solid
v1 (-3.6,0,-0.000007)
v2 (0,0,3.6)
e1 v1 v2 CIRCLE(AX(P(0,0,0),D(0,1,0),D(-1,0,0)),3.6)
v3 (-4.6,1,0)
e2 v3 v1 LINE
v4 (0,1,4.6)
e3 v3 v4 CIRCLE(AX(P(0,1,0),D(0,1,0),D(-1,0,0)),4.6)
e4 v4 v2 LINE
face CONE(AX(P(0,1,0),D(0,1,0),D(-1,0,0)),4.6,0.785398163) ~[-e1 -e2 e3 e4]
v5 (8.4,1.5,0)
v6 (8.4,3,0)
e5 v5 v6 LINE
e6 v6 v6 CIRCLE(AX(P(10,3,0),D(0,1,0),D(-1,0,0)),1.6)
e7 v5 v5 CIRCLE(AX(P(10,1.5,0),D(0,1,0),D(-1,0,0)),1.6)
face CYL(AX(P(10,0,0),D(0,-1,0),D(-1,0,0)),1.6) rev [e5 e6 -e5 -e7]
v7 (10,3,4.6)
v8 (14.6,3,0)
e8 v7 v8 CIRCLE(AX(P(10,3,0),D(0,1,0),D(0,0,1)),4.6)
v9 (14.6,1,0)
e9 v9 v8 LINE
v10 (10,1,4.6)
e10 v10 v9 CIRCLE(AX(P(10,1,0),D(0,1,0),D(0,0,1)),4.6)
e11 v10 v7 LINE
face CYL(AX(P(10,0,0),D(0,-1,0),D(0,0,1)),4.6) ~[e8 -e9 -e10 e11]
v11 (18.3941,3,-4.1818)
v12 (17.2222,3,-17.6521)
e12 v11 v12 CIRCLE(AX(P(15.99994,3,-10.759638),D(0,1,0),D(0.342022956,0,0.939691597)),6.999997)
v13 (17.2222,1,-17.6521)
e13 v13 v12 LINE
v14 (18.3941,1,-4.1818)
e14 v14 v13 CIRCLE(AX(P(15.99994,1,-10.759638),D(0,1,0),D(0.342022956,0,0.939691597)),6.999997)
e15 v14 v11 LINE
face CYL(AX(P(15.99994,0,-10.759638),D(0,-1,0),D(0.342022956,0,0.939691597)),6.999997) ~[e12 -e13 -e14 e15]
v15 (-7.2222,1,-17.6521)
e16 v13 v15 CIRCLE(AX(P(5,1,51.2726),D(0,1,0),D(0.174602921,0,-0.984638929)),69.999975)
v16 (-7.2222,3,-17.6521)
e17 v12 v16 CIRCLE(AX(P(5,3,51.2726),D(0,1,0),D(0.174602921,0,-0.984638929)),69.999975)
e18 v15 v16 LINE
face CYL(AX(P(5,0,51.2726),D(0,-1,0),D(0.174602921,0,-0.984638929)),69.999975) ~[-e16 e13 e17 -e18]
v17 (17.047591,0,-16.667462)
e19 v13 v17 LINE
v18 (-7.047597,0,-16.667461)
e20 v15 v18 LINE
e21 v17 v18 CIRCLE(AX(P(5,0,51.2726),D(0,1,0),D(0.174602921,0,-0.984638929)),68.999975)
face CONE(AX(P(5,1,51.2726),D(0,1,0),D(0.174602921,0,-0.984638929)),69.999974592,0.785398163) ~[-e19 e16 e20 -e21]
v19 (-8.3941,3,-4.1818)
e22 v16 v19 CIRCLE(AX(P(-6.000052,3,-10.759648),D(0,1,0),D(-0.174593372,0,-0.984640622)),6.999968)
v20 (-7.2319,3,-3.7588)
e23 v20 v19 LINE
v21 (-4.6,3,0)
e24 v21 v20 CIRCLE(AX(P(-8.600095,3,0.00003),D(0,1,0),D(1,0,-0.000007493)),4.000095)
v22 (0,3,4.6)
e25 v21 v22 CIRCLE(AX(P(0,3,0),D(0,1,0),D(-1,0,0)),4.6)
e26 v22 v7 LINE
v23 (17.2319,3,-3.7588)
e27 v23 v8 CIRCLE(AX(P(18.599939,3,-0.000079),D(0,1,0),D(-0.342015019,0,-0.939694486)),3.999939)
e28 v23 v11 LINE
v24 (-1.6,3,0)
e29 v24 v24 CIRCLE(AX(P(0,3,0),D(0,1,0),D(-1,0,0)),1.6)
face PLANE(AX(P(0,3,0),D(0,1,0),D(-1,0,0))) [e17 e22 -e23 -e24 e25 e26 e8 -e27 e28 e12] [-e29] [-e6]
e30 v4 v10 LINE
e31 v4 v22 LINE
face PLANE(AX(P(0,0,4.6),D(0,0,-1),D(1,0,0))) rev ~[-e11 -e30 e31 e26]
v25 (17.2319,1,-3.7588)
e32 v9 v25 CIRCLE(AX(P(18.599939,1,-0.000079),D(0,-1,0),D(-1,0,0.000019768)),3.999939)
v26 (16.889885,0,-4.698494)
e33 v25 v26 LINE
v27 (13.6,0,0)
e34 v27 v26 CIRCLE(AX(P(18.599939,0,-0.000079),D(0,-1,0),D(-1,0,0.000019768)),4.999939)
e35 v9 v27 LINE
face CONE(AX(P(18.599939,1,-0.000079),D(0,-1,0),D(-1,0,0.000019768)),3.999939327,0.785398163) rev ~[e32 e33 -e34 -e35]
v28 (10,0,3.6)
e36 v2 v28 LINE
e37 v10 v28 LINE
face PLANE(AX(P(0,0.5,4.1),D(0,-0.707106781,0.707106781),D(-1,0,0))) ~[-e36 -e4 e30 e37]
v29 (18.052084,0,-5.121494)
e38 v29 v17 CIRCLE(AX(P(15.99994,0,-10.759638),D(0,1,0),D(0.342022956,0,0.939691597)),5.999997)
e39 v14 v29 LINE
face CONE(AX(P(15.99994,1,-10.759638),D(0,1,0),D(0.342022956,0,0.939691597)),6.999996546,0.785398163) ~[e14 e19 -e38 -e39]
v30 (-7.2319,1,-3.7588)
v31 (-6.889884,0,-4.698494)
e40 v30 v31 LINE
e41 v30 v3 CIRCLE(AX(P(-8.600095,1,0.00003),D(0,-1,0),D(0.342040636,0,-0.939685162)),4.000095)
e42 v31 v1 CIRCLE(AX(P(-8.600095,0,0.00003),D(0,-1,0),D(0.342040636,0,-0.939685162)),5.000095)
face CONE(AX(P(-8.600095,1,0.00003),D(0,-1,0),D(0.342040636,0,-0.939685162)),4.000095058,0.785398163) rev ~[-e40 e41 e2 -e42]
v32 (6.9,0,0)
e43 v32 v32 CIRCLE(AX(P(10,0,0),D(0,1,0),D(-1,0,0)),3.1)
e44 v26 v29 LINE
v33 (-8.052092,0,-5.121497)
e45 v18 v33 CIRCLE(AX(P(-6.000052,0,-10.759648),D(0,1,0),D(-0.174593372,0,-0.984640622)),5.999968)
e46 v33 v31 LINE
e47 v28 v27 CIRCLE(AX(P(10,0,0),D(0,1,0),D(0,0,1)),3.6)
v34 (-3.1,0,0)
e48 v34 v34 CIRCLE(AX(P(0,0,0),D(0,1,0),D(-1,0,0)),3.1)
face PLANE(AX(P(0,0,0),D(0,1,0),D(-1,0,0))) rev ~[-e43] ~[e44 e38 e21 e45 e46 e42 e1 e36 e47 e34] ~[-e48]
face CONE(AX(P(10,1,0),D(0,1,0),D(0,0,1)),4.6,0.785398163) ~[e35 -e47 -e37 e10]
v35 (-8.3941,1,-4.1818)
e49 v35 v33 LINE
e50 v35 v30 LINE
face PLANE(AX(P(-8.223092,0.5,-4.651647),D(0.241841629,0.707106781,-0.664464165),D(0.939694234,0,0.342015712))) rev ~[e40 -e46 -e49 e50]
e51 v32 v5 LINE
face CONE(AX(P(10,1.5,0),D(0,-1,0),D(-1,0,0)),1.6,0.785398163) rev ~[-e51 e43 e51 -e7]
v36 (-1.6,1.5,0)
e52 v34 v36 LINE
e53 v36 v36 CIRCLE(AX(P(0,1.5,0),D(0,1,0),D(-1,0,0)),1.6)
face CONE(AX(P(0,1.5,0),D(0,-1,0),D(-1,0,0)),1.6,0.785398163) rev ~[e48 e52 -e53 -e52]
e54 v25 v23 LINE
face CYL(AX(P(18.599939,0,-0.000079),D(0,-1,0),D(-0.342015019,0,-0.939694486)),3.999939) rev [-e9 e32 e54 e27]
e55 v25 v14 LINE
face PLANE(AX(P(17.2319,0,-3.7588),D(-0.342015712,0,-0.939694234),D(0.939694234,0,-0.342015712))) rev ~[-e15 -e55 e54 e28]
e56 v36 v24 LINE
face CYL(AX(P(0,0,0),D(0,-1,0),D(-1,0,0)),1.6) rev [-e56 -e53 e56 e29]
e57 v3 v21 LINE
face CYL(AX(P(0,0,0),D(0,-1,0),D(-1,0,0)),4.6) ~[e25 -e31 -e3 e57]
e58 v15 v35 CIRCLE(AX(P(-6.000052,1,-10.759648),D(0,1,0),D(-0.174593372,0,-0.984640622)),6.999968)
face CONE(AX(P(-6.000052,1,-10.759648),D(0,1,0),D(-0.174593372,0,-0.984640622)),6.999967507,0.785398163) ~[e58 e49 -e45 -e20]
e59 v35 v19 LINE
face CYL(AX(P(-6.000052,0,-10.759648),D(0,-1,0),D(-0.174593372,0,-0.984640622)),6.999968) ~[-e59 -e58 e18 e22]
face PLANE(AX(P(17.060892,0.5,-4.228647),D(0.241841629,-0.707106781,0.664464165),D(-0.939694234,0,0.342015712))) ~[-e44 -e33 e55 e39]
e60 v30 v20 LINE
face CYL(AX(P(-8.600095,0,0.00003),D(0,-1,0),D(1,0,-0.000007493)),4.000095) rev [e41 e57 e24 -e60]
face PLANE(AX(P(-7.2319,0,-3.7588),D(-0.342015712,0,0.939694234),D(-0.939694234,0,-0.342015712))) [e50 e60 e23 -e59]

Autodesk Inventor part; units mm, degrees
ref_plane "YZ Plane" through (0, 0, 0) normal (1, 0, 0) x (0, 1, 0)
ref_plane "XZ Plane" through (0, 0, 0) normal (0, 1, 0) x (-1, 0, 0)
ref_plane "XY Plane" through (0, 0, 0) normal (0, 0, 1) x (1, 0, 0)
sketch "Skizze1" plane through (0, 0, 0) normal (0, 1, 0) x (-1, 0, 0)
  circle A0 centre (0, 0) radius 1.6
  circle A1 centre (-10, 0) radius 1.6
  line L0 (0, 4.6) -> (-10, 4.6)
  arc A2 (-10, 4.6) -> (-14.6, 0) centre (-10, 0) ccw
  arc A3 (-17.2319, -3.7588) -> (-14.6, 0) centre (-18.6, 0) ccw
  arc A4 (4.6, 0) -> (0, 4.6) centre (0, 0) ccw
  arc A5 (4.6, 0) -> (7.2319, -3.7588) centre (8.6, 0) ccw
  line L1 (7.2319, -3.7588) -> (8.3941, -4.1818)
  arc A6 (7.2222, -17.6521) -> (8.3941, -4.1818) centre (6, -10.7596) ccw
  arc A7 (-17.2222, -17.6521) -> (7.2222, -17.6521) centre (-5, 51.2726) ccw
  line L2 (-17.2319, -3.7588) -> (-18.3941, -4.1818)
  arc A8 (-18.3941, -4.1818) -> (-17.2222, -17.6521) centre (-16, -10.7596) ccw
  dimension "d0" = 10
  dimension "d1" = 3.2
  dimension "d2" = 3
  dimension "d4" = 4
  dimension "d22" = 7
  dimension "d23" = 20
  dimension "d24" = 22
  dimension "d25" = 70
extrude "Extrusion1" add sketch "Skizze1" along normal blind 3
chamfer "Fase1" distance 1 angle 45 10 edges at (13.2527, 0, 3.2527) (15.3234, 0, -2.2943) (17.813, 0, -3.9703) (22.9737, 0, -11.3663) (5, 0, -18.7274) (-12.9737, 0, -11.3663) (-7.813, 0, -3.9703) (-5.3234, 0, -2.2943) (-3.2527, 0, 3.2527) (5, 0, 4.6)
chamfer "Fase3" distance 1.5 angle 45 2 edges at (11.6, 0, 0) (1.6, 0, 0)
properties part number "_3D-Druck"
